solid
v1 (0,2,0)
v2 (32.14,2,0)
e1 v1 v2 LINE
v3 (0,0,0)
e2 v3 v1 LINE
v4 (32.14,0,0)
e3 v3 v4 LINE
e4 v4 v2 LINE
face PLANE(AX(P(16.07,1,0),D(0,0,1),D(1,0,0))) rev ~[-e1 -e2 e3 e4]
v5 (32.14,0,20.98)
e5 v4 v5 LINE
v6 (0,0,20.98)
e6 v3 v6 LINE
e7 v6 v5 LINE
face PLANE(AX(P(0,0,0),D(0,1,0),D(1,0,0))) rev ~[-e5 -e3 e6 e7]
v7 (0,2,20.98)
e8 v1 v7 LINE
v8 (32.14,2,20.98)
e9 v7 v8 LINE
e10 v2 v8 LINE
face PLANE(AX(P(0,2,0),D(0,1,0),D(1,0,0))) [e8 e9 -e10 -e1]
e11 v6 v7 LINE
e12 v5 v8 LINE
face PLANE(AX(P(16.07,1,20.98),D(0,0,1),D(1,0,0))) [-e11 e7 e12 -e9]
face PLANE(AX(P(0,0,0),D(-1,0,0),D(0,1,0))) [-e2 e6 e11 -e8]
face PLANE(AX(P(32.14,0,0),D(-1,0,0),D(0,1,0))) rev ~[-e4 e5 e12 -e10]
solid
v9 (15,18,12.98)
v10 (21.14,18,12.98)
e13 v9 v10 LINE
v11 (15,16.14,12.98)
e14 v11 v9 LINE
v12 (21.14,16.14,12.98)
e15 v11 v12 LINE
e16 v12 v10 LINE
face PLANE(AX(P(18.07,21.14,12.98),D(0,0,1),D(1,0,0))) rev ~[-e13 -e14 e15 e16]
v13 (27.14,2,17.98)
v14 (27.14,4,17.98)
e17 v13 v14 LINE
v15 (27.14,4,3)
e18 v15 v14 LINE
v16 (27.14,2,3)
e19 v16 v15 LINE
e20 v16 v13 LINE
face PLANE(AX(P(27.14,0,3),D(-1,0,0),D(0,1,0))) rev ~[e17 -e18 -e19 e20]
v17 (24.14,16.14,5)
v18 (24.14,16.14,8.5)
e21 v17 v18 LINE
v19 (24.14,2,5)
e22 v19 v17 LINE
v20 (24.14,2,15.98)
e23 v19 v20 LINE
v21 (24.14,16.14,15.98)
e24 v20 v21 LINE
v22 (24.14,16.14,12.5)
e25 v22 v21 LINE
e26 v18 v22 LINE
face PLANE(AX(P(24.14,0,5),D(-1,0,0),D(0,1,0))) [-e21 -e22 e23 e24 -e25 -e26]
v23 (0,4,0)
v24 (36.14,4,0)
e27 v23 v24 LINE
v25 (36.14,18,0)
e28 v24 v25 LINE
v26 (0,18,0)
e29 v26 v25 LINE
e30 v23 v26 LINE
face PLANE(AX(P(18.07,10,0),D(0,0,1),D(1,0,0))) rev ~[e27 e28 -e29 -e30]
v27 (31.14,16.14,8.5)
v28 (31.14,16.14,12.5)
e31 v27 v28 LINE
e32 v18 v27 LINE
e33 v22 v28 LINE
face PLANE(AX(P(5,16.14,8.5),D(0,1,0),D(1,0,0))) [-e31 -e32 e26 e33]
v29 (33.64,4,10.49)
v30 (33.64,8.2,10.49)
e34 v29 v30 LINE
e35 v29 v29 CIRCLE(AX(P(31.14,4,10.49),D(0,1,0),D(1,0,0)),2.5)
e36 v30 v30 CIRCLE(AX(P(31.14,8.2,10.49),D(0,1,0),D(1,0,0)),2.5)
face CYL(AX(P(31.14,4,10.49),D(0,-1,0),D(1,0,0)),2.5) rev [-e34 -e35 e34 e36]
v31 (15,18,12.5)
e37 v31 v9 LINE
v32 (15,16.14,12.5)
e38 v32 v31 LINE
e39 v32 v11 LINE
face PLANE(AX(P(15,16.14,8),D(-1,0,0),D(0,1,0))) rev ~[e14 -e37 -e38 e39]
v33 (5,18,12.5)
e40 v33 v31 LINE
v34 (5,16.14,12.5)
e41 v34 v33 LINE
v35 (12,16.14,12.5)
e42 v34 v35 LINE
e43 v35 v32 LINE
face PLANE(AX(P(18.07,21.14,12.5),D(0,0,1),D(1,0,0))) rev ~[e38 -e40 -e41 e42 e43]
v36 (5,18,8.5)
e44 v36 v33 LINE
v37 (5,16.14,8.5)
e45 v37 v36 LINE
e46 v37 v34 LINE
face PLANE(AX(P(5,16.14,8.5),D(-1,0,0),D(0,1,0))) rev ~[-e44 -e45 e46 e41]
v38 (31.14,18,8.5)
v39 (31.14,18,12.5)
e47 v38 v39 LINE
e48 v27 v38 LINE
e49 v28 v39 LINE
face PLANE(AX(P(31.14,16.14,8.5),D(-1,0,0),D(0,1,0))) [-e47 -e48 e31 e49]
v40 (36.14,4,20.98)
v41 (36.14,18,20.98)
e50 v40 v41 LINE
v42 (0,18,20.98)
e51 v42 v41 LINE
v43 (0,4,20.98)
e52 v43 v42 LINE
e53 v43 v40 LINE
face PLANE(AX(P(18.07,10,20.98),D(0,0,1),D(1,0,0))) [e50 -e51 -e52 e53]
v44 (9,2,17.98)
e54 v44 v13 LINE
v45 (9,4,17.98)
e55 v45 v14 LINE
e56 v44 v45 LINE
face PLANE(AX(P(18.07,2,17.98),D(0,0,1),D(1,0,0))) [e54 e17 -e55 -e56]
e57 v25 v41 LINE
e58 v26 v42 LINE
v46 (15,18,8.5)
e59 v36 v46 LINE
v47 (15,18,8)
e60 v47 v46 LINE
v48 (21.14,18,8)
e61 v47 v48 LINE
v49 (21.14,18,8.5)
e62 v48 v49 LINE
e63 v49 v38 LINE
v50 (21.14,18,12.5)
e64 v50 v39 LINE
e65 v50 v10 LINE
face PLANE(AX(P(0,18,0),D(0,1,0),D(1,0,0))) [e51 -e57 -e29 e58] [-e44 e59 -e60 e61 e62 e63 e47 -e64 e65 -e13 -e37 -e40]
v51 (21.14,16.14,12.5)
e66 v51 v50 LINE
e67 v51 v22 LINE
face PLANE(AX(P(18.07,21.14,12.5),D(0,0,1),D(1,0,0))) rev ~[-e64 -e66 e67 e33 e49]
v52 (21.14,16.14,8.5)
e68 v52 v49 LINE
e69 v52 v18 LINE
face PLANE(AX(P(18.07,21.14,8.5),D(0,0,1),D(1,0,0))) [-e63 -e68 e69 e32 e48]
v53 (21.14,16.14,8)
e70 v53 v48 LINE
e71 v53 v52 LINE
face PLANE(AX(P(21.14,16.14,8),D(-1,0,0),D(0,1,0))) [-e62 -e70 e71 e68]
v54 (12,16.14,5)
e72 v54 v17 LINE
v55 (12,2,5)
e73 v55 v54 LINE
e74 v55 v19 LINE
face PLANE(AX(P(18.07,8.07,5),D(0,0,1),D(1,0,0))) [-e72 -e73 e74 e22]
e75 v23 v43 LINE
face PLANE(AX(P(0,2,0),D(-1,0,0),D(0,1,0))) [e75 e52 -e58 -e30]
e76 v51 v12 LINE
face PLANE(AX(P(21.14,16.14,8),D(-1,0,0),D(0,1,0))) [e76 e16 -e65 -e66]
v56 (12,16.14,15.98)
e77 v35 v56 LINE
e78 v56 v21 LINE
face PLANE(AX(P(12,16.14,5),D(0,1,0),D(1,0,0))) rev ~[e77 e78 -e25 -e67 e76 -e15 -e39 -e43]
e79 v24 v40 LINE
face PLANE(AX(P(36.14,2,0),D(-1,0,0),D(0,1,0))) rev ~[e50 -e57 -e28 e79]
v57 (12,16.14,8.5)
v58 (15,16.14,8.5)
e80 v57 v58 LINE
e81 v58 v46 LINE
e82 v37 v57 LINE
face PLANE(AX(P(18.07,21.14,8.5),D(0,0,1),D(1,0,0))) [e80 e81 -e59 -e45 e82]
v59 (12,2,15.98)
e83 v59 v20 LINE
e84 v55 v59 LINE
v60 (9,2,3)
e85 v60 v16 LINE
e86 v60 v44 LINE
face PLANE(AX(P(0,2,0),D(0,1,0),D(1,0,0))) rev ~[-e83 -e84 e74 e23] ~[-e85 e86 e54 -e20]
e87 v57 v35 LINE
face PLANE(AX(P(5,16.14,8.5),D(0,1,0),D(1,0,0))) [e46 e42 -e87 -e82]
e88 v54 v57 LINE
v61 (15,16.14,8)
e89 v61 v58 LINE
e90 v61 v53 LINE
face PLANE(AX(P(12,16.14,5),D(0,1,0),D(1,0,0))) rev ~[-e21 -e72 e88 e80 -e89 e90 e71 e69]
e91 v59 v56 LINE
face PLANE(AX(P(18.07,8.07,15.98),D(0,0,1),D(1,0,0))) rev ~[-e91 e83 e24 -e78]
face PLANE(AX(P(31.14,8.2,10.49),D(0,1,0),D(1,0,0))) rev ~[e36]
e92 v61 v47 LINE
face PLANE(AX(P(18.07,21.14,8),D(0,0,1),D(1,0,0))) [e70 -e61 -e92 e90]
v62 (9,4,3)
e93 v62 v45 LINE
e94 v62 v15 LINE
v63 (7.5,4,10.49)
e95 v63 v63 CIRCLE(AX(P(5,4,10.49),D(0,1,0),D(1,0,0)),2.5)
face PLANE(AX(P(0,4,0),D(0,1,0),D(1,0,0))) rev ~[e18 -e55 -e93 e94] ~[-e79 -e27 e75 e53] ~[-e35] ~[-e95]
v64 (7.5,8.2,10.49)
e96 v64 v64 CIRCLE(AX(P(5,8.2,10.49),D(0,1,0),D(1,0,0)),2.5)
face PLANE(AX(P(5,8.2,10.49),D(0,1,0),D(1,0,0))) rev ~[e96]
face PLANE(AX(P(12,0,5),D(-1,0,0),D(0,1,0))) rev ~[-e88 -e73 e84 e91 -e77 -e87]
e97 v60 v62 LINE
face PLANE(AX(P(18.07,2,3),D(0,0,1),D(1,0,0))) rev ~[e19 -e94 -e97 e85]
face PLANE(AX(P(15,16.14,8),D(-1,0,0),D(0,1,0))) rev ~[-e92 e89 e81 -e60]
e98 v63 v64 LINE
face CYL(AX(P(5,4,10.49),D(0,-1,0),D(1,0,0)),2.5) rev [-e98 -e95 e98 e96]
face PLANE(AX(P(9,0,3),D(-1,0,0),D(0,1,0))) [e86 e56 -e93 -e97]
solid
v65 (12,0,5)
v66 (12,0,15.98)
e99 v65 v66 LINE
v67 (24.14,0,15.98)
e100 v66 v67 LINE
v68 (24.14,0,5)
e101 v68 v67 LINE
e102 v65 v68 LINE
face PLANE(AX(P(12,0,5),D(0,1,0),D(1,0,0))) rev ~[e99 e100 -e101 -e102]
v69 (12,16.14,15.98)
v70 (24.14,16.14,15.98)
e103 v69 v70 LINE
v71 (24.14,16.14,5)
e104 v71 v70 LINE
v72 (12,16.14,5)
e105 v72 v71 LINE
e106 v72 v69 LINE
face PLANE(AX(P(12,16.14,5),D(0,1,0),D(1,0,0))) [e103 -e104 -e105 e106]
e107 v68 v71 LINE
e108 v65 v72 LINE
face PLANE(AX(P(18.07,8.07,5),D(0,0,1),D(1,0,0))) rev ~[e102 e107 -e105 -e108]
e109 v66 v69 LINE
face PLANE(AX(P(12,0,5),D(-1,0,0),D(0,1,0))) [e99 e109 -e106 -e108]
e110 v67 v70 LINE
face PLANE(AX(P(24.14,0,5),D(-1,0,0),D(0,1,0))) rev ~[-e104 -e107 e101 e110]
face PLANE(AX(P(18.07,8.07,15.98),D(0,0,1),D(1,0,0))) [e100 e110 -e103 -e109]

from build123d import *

# Parameters (mm, degrees)
BOX_W             = 12.14
BOX_H             = 16.14
BOX_DEPTH         = 10.98
BOX001_W          = 32.14
BOX001_H          = 2
BOX001_DEPTH      = 20.98
CYLINDER001_R     = 2.5
CYLINDER001_DEPTH = 4.2
CYLINDER_R        = 2.5
CYLINDER_DEPTH    = 4.2
BOX007_W          = 18.14
BOX007_H          = 4
BOX007_DEPTH      = 14.98
BOX006_W          = 36.14
BOX006_H          = 4
BOX006_DEPTH      = 20.98
BOX004_W          = 26.14
BOX004_H          = 10
BOX004_DEPTH      = 4
BOX003_W          = 6.14
BOX003_H          = 10
BOX003_DEPTH      = 4.98
BOX005_W          = 12.14
BOX005_H          = 16.14
BOX005_DEPTH      = 10.98
BOX002_W          = 36.14
BOX002_H          = 16
BOX002_DEPTH      = 20.98


with BuildPart() as usb:
    # Box → Box (new body)
    with BuildSketch(Plane(origin=(12, 0, 5), x_dir=(1, 0, 0), z_dir=(0, 0, 1))):
        with Locations((6.07, 8.07)):
            Rectangle(BOX_W, BOX_H)
    extrude(amount=BOX_DEPTH)


with BuildPart() as panel:
    # Box001 → Box001 (new body)
    with BuildSketch(Plane.XY):
        with Locations((16.07, 1)):
            Rectangle(BOX001_W, BOX001_H)
    extrude(amount=BOX001_DEPTH)


with BuildPart() as cylinder001:
    # Cylinder001 → Cylinder001 (new body)
    with BuildSketch(Plane(origin=(31.14, 4, 10.49), x_dir=(1, 0, 0), z_dir=(0, 1, 0))):
        Circle(CYLINDER001_R)
    extrude(amount=CYLINDER001_DEPTH)


with BuildPart() as cylinder:
    # Cylinder → Cylinder (new body)
    with BuildSketch(Plane(origin=(5, 4, 10.49), x_dir=(1, 0, 0), z_dir=(0, 1, 0))):
        Circle(CYLINDER_R)
    extrude(amount=CYLINDER_DEPTH)


with BuildPart() as cube005:
    # Box007 → Box007 (new body)
    with BuildSketch(Plane(origin=(9, 0, 3), x_dir=(1, 0, 0), z_dir=(0, 0, 1))):
        with Locations((9.07, 2)):
            Rectangle(BOX007_W, BOX007_H)
    extrude(amount=BOX007_DEPTH)


with BuildPart() as cut003:
    # Box006 → Box006 (new body)
    with BuildSketch(Plane.XY):
        with Locations((18.07, 2)):
            Rectangle(BOX006_W, BOX006_H)
    extrude(amount=BOX006_DEPTH)

    # Cut003: cut Cube005
    add(cube005.part, mode=Mode.SUBTRACT)


with BuildPart() as cube003:
    # Box004 → Box004 (new body)
    with BuildSketch(Plane(origin=(5, 16.14, 8.5), x_dir=(1, 0, 0), z_dir=(0, 0, 1))):
        with Locations((13.07, 5)):
            Rectangle(BOX004_W, BOX004_H)
    extrude(amount=BOX004_DEPTH)


with BuildPart() as cube002:
    # Box003 → Box003 (new body)
    with BuildSketch(Plane(origin=(15, 16.14, 8), x_dir=(1, 0, 0), z_dir=(0, 0, 1))):
        with Locations((3.07, 5)):
            Rectangle(BOX003_W, BOX003_H)
    extrude(amount=BOX003_DEPTH)


with BuildPart() as cube004:
    # Box005 → Box005 (new body)
    with BuildSketch(Plane(origin=(12, 0, 5), x_dir=(1, 0, 0), z_dir=(0, 0, 1))):
        with Locations((6.07, 8.07)):
            Rectangle(BOX005_W, BOX005_H)
    extrude(amount=BOX005_DEPTH)


with BuildPart() as cut006:
    # Box002 → Box002 (new body)
    with BuildSketch(Plane(origin=(0, 2, 0), x_dir=(1, 0, 0), z_dir=(0, 0, 1))):
        with Locations((18.07, 8)):
            Rectangle(BOX002_W, BOX002_H)
    extrude(amount=BOX002_DEPTH)

    # Cut: cut Cube004
    add(cube004.part, mode=Mode.SUBTRACT)

    # Cut001: cut Cube002
    add(cube002.part, mode=Mode.SUBTRACT)

    # Cut002: cut Cube003
    add(cube003.part, mode=Mode.SUBTRACT)

    # Cut004: cut Cut003
    add(cut003.part, mode=Mode.SUBTRACT)

    # Cut005: cut Cylinder
    add(cylinder.part, mode=Mode.SUBTRACT)

    # Cut006: cut Cylinder001
    add(cylinder001.part, mode=Mode.SUBTRACT)


solid = Compound([usb.part, panel.part, cut006.part])
